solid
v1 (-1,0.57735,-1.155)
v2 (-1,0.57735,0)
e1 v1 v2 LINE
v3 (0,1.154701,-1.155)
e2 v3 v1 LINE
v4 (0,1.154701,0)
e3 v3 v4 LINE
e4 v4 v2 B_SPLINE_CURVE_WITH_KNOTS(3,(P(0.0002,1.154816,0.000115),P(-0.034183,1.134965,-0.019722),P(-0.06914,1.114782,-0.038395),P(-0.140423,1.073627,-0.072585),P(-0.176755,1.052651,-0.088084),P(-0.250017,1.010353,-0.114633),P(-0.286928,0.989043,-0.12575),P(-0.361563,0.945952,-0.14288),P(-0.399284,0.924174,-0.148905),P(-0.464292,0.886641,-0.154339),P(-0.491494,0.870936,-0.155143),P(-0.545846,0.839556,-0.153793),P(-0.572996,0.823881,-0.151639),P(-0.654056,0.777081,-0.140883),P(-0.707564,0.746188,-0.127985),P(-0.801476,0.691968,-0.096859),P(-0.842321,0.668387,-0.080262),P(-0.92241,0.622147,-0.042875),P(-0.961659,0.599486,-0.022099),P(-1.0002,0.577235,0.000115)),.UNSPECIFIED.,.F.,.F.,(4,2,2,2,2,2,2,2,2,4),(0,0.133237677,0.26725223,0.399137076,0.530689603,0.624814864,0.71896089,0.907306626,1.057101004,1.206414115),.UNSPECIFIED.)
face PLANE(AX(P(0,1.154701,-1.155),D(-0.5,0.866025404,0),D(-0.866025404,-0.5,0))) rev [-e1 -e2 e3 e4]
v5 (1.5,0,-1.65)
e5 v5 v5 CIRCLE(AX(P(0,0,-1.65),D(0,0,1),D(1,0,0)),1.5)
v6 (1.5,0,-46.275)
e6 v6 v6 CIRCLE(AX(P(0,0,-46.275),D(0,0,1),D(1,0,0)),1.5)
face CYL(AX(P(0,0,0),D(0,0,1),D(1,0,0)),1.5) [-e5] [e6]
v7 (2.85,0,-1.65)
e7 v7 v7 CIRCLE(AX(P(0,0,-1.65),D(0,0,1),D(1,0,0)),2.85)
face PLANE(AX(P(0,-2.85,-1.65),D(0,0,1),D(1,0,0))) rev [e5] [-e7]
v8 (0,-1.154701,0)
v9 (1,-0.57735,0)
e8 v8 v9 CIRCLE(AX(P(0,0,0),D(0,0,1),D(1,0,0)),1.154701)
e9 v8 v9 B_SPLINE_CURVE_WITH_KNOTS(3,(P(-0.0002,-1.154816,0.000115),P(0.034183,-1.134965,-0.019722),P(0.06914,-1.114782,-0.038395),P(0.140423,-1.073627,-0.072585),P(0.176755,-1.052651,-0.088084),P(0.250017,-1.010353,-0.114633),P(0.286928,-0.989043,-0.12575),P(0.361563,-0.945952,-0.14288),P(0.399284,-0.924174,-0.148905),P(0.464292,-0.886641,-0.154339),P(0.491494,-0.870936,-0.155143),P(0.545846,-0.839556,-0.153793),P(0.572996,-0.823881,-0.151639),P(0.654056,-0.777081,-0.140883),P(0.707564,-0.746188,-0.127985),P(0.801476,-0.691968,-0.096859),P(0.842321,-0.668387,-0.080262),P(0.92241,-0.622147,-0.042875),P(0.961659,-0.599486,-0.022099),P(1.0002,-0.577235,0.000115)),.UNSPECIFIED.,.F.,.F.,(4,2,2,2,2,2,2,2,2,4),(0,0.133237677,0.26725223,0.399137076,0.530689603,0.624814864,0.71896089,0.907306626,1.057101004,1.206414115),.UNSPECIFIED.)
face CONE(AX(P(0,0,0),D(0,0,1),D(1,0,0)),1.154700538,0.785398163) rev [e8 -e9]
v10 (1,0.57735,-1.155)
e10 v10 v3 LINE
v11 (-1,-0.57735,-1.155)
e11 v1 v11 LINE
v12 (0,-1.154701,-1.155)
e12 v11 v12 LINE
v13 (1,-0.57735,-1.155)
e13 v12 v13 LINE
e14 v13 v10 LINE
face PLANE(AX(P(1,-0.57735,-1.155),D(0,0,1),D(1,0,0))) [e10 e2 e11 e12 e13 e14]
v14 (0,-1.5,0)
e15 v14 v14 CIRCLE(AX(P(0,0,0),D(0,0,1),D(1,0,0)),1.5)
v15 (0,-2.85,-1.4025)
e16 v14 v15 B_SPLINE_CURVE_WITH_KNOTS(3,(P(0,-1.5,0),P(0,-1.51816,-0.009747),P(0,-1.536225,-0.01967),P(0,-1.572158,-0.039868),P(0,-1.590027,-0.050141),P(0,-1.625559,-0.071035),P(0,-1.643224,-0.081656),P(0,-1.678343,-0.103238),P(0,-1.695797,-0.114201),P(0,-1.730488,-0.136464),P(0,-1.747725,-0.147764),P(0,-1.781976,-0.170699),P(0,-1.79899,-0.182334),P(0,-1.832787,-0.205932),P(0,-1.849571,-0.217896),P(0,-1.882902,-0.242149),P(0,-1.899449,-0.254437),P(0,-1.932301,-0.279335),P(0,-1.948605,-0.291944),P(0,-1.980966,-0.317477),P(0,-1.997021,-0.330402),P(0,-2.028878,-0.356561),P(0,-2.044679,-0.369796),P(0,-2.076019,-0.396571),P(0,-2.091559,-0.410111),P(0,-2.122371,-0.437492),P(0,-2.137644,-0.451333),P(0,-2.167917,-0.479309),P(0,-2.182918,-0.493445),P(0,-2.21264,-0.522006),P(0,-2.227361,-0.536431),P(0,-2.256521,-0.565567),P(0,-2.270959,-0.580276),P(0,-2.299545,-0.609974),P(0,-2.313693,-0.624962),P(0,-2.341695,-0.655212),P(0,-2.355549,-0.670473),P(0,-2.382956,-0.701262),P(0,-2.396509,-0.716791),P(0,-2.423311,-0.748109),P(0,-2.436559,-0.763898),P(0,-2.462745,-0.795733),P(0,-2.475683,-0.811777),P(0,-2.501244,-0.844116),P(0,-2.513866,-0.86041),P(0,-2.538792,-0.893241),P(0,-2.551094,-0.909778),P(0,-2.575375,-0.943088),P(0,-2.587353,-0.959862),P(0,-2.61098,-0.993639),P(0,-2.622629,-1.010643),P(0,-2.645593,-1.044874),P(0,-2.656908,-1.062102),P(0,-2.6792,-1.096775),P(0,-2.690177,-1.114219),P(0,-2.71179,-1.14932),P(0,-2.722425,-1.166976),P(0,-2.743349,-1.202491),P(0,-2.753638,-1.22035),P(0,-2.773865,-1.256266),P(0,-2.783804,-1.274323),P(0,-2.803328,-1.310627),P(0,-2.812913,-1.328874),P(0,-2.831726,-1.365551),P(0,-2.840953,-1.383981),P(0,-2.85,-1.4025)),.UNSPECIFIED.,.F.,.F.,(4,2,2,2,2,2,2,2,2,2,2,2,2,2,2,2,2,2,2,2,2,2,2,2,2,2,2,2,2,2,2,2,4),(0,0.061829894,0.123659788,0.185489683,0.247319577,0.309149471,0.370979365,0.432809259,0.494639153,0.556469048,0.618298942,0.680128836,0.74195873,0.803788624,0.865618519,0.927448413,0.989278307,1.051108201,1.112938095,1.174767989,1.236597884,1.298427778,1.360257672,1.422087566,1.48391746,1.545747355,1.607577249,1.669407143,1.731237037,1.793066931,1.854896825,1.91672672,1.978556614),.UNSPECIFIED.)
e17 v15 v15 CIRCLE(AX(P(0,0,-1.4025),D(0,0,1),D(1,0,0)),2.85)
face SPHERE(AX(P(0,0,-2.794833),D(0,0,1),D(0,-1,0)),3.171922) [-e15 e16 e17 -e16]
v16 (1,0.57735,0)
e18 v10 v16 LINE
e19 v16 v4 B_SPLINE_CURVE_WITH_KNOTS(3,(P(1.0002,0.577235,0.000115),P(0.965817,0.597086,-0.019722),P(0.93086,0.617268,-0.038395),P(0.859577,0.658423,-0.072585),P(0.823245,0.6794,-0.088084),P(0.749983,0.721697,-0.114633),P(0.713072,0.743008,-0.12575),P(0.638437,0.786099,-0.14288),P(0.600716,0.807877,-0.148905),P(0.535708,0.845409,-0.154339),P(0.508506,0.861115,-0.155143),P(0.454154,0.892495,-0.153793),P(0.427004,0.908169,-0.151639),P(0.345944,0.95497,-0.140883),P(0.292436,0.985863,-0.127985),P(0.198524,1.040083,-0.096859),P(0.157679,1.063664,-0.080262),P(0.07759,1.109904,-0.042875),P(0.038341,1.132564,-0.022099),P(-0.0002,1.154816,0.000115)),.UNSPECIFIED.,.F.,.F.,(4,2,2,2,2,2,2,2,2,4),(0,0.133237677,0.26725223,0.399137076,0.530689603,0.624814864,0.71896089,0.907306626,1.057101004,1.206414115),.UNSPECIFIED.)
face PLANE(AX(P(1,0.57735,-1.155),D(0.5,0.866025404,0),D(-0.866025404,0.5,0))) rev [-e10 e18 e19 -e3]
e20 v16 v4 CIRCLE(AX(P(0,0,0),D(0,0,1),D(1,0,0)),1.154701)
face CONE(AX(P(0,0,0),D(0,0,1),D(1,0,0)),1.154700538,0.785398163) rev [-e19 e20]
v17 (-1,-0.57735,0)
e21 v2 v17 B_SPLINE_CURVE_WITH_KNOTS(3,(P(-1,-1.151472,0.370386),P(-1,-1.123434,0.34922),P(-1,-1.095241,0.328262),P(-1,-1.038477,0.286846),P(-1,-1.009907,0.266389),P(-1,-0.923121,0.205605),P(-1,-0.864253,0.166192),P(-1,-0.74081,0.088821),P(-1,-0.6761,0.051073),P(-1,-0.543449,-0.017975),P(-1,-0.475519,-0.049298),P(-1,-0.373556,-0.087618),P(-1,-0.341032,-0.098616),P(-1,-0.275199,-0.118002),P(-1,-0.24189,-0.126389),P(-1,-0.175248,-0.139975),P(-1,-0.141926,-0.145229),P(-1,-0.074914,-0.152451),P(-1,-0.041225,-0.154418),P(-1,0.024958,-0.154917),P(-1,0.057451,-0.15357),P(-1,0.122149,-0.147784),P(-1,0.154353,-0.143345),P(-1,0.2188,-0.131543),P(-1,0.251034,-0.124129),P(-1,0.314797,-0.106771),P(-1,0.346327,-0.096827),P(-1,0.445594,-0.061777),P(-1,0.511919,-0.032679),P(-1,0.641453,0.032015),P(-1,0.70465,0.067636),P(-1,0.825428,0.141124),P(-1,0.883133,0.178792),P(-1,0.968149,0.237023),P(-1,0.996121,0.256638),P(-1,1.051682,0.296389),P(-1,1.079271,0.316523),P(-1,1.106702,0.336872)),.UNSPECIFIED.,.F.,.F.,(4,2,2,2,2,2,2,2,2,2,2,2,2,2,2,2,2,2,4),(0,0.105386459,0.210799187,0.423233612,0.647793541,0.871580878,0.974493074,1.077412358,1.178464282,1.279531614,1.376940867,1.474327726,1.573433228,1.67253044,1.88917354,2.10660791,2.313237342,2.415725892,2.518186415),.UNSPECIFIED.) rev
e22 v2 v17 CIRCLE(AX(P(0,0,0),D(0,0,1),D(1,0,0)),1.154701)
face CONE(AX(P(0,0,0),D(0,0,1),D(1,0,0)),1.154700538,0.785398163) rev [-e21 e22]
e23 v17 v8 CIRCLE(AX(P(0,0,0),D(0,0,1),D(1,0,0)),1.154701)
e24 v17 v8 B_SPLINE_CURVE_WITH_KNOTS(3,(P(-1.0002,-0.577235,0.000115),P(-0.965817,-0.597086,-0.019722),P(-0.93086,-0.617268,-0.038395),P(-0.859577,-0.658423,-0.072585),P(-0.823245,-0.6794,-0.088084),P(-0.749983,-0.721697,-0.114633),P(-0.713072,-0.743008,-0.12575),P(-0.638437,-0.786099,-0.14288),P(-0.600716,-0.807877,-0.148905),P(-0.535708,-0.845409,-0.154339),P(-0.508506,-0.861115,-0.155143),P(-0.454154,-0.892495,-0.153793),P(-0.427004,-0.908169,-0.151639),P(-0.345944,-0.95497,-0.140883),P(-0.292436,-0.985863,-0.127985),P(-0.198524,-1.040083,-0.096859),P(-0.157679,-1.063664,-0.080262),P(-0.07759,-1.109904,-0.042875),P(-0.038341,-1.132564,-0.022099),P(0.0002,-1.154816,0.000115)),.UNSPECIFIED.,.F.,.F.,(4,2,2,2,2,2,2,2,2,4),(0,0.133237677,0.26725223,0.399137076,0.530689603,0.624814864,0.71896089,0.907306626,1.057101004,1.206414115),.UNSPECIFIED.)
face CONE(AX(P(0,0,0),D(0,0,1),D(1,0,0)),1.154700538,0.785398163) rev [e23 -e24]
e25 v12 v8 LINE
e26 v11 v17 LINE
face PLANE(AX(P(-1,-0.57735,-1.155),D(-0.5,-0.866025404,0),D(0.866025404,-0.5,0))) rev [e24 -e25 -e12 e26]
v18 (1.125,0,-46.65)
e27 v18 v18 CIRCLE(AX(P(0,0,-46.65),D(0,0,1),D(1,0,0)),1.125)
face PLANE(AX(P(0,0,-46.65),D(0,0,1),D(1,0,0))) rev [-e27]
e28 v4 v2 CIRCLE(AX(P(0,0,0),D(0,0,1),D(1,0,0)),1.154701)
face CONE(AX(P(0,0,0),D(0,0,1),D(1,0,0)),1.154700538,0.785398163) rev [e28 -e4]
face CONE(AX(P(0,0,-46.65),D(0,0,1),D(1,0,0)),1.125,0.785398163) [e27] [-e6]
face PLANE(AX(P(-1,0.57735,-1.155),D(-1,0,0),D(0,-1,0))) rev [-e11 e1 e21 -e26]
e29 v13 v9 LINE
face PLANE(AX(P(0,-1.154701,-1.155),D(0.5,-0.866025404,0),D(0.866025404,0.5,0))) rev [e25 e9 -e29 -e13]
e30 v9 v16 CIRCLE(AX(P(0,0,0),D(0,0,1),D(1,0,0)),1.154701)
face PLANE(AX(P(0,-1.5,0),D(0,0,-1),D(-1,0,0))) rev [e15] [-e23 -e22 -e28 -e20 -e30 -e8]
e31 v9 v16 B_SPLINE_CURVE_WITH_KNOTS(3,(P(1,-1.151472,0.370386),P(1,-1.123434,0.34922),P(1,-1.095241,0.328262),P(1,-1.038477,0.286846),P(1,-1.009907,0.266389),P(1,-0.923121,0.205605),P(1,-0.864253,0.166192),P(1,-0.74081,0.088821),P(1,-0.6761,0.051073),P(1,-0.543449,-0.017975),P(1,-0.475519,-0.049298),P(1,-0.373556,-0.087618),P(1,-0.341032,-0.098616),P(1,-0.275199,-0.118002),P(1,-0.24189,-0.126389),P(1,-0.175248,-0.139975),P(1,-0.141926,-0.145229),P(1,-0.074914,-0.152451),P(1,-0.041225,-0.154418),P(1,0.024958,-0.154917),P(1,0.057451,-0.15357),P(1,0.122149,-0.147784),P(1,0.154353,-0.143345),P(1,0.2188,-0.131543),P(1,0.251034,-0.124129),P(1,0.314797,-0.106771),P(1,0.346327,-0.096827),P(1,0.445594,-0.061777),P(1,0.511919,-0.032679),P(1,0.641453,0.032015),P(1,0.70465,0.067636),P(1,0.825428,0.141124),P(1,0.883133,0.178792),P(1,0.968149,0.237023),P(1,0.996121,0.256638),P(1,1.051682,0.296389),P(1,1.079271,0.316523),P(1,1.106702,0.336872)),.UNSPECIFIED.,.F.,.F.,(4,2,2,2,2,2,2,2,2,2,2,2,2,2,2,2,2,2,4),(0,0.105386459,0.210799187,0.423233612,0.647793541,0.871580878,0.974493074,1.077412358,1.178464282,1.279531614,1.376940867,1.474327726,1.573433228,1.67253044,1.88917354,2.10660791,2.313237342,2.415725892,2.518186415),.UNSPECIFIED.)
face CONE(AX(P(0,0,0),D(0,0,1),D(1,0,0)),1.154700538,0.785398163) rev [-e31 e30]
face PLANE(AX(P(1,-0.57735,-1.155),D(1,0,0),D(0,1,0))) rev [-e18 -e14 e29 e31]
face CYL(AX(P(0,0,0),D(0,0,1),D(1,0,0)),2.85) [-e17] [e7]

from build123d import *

# Parameters (mm, degrees)
CUT_EXTRUDE2_DEPTH = 1.155


with BuildPart() as part:
    # Sketch10 → Revolve3 (revolve)
    with BuildSketch(Plane(origin=(0, 0, 0), x_dir=(0, 0, -1), z_dir=(1, 0, 0))):
        Polygon((46.275, 1.5), (46.65, 1.125), (46.65, 0), (1.65, 0), (1.65, 1.5), align=None)
    revolve(axis=Axis((0, 0, 0), (0, 0, -1)))

    # Sketch7 → Revolve2 (revolve)
    with BuildSketch(Plane(origin=(0, 0, 0), x_dir=(0, 0, -1), z_dir=(1, 0, 0))):
        with BuildLine():
            Line((1.4025, 2.85), (1.65, 2.85))
            Line((1.65, 2.85), (1.65, 0))
            Line((1.65, 0), (0, 0))
            Line((0, 0), (0, 1.5))
            ThreePointArc((0, 1.5), (0.59512511, 2.285251969), (1.4025, 2.85))
        make_face()
    revolve(axis=Axis((0, 0, 0), (0, 0, -1)))

    # Sketch5 → Cut-Extrude2 (cut)
    with BuildSketch(Plane.XY):
        Polygon((1, -0.577350269), (1, 0.577350269), (0, 1.154700538), (-1, 0.577350269), (-1, -0.577350269), (0, -1.154700538), align=None)
    extrude(amount=-CUT_EXTRUDE2_DEPTH, mode=Mode.SUBTRACT)

    # Cut-Extrude3 cone 1 section (through the dimple's axis) → Cut-Extrude3 (revolve, cut)
    with BuildSketch(Plane(origin=(0, 0, 0), x_dir=(0, -1, 0), z_dir=(1, 0, 0))):
        Polygon((0, 0), (1.154700538, 0), (0, 1.154700538), align=None)
    revolve(axis=Axis((0, 0, 0), (0, 0, -1)), mode=Mode.SUBTRACT)


solid = part.part
